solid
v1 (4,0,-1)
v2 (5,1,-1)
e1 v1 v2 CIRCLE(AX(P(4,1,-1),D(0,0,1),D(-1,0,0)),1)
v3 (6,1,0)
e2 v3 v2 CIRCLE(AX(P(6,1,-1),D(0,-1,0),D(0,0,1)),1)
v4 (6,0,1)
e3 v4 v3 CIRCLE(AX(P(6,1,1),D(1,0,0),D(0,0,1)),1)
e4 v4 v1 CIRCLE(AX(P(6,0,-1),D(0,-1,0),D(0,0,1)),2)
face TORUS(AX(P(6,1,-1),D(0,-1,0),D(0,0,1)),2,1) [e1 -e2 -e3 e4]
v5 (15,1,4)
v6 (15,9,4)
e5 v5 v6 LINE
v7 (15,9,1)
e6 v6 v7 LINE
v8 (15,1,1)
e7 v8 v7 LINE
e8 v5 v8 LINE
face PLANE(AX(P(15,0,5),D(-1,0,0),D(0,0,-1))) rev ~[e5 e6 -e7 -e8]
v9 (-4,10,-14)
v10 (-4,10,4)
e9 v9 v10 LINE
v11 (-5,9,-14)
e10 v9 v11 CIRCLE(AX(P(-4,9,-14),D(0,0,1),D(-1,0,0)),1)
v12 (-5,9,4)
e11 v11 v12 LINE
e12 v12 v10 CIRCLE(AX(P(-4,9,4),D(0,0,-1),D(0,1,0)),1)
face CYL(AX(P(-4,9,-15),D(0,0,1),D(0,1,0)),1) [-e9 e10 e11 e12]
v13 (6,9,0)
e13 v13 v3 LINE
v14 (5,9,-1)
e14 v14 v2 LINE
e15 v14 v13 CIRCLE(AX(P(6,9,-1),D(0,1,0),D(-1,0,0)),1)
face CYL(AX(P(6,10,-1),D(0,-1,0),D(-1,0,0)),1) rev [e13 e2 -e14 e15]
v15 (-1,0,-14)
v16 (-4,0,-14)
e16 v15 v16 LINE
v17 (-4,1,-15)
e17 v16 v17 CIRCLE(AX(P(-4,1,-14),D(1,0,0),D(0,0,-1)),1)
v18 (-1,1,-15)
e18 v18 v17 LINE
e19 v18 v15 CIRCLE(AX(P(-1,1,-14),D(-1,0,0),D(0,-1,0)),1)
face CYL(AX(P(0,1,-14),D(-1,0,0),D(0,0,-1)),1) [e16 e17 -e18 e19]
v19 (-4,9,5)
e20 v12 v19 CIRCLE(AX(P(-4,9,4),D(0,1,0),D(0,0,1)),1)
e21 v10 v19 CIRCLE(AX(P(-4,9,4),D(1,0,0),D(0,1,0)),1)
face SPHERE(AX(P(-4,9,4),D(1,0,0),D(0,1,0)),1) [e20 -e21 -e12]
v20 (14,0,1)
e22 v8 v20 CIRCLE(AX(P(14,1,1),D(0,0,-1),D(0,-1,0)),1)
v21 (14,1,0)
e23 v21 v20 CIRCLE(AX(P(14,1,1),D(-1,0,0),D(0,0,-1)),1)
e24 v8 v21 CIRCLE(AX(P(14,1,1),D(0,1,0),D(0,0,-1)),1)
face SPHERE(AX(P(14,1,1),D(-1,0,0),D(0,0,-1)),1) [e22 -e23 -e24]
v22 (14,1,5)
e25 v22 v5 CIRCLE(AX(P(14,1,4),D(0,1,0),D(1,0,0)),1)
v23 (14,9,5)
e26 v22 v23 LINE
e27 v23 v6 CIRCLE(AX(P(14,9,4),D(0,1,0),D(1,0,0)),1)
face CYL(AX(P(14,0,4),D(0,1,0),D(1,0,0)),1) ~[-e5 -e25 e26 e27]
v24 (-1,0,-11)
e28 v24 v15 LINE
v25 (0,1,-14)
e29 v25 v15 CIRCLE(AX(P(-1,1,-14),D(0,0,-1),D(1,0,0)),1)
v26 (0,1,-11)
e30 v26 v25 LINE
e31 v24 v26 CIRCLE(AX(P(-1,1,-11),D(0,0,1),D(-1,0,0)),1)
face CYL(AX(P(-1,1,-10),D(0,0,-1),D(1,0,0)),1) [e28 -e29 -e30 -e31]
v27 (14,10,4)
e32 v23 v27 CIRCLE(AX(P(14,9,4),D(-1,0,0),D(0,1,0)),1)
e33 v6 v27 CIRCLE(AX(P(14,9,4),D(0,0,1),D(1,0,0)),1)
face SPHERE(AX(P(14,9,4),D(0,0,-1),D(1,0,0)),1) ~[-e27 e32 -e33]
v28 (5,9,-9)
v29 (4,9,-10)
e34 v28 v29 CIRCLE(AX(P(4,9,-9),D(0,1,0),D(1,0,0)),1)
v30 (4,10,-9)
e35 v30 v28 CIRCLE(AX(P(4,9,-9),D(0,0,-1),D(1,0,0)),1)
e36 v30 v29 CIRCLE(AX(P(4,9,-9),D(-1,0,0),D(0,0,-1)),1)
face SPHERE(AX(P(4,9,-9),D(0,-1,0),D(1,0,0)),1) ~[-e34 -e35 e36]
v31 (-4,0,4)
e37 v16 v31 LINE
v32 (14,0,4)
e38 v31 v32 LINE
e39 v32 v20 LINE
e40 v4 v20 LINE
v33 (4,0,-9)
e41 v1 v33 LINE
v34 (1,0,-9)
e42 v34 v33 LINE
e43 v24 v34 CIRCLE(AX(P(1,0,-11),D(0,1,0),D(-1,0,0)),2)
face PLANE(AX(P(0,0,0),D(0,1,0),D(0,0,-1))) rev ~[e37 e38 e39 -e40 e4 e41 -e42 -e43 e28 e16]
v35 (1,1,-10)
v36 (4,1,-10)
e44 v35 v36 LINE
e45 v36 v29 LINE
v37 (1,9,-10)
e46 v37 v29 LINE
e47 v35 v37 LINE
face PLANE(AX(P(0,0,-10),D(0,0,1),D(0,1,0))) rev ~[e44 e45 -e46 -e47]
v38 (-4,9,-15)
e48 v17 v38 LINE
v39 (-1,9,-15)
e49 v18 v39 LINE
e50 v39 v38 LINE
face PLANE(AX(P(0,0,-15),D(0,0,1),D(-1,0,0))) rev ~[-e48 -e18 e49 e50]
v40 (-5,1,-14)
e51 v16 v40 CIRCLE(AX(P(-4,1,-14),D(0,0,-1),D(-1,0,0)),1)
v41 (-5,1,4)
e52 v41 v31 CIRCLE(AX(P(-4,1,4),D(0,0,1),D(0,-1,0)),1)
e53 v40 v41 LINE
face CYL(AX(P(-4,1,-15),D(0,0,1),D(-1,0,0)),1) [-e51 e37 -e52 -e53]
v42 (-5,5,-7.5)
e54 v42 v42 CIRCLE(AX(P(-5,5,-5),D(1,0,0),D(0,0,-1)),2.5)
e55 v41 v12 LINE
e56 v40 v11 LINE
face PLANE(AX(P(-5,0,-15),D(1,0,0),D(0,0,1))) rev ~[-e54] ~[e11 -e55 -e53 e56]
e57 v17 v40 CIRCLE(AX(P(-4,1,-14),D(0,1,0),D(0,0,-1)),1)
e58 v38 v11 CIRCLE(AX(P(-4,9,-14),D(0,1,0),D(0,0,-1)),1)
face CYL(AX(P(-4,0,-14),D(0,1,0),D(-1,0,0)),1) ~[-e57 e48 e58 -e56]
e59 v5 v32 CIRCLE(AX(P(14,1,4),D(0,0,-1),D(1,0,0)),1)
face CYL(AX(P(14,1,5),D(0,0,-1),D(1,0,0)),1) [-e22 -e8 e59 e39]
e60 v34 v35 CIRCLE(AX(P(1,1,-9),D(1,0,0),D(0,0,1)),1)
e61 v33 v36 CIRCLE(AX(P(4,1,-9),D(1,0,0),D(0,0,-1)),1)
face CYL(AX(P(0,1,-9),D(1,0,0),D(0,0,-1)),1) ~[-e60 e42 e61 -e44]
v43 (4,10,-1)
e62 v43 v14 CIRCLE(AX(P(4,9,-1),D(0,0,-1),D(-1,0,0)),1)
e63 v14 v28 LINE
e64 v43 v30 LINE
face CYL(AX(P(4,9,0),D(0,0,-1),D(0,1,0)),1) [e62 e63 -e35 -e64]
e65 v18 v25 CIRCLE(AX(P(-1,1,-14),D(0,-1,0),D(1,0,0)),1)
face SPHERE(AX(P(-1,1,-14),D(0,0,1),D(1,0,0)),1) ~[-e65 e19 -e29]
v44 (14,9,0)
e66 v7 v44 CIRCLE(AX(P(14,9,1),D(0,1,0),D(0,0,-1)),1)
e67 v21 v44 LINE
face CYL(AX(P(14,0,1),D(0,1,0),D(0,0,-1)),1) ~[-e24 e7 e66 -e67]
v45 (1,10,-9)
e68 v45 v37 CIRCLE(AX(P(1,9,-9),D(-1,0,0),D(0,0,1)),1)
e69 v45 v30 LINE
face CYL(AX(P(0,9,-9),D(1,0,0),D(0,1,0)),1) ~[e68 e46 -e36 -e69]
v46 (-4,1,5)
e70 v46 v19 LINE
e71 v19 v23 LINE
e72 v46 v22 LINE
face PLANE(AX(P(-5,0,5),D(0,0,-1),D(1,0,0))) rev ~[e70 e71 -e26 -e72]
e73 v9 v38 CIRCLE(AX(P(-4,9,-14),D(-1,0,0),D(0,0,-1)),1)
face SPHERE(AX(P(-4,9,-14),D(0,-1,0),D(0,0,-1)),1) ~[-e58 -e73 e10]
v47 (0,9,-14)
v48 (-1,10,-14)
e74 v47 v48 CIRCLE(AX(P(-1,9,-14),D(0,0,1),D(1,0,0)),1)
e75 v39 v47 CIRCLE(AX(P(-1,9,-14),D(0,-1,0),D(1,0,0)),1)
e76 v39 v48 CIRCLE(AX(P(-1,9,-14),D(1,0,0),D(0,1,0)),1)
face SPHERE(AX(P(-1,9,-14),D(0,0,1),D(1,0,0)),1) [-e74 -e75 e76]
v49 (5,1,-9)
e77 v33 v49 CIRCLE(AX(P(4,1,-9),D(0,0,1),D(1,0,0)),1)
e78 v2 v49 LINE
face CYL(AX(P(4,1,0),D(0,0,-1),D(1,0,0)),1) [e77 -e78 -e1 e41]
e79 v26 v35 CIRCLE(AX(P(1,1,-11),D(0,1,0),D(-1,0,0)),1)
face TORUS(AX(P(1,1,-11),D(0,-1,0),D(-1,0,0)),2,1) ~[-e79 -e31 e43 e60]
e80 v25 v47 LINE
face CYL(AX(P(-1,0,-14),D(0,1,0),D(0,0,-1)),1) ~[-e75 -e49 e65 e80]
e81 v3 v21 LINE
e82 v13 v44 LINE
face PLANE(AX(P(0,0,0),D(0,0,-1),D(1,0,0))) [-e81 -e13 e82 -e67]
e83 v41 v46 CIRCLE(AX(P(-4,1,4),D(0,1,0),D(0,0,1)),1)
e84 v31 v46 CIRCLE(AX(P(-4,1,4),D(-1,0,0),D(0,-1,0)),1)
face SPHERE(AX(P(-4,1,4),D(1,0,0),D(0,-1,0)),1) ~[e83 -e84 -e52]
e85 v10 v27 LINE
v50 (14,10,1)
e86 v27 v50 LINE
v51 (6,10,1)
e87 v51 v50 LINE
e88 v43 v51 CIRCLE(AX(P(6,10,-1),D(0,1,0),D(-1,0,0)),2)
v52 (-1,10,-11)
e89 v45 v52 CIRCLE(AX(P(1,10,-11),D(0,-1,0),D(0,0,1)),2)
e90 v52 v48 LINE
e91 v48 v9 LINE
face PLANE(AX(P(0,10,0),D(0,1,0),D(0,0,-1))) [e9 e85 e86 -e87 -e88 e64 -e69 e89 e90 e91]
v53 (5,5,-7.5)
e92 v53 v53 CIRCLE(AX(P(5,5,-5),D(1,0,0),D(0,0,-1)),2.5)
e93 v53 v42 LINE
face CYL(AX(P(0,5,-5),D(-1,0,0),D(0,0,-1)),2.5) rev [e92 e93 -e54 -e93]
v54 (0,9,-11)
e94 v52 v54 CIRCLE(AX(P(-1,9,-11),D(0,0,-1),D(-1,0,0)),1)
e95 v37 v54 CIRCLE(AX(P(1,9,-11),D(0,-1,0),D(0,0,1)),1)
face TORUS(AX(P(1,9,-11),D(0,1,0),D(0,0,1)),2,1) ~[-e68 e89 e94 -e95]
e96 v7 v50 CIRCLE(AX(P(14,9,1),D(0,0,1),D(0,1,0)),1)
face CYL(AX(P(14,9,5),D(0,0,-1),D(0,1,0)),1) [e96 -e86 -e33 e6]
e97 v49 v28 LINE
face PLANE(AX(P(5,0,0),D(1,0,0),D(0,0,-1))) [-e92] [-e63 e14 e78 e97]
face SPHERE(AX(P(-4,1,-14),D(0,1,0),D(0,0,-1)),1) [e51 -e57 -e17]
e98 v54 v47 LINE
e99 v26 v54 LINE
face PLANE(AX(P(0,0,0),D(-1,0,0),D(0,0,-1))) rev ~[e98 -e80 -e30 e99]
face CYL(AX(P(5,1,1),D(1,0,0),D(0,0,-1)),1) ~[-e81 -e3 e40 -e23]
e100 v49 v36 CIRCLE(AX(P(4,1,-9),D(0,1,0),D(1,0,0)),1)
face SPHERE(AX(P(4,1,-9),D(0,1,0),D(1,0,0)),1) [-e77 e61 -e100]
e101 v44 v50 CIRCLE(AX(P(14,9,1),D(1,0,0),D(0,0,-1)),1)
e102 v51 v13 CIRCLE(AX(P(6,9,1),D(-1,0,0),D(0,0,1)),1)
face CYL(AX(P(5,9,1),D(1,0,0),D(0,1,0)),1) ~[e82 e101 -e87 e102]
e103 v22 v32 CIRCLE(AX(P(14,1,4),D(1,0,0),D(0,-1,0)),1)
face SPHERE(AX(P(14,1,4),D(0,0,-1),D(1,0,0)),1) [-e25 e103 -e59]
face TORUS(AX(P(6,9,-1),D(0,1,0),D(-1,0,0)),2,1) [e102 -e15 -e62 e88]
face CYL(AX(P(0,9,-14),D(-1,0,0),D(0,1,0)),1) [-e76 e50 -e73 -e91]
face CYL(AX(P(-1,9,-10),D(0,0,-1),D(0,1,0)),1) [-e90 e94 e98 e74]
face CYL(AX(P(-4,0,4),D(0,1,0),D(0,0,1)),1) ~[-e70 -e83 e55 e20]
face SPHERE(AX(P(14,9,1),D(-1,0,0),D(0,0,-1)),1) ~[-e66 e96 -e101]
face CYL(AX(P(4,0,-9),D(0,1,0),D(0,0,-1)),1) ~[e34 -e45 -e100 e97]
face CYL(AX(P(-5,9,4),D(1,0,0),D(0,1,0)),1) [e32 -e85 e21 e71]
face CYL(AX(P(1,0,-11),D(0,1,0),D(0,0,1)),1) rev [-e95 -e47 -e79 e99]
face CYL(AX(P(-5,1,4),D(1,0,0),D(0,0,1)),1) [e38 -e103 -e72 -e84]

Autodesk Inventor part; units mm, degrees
ref_plane "YZ Plane" through (0, 0, 0) normal (1, 0, 0) x (0, 1, 0)
ref_plane "XZ Plane" through (0, 0, 0) normal (0, 1, 0) x (-1, 0, 0)
ref_plane "XY Plane" through (0, 0, 0) normal (0, 0, 1) x (1, 0, 0)
sketch "Sketch2" plane through (0, 0, 0) normal (0, 1, 0) x (-1, 0, 0)
  line L0 (0, 0) -> (0, -15)
  line L1 (0, 0) -> (-15, 0)
  line L2 (0, -15) -> (5, -15)
  line L3 (5, -15) -> (5, 5)
  line L4 (5, 5) -> (-15, 5)
  line L5 (-15, 5) -> (-15, 0)
  dimension "d0" = 15
  dimension "d1" = 15
  dimension "d3" = 5
  dimension "d4" = 20
  dimension "d5" = 90
  dimension "d6" = 20
extrude "Extrusion1" add sketch "Sketch2" along normal blind 10
sketch "Sketch3" plane through (0, 0, 0) normal (1, 0, 0) x (0, 0, -1)
  line L0 (15, 0) -> (15, 10) construction
  line L1 (15, 5) -> (-5, 5) construction
  circle A0 centre (5, 5) radius 2.5
  line L2 (0, 0) -> (15, 0) projected
  line L3 (0, 10) -> (15, 10) projected
  line L4 (0, 0) -> (10, 0)
  line L5 (10, 0) -> (10, 10)
  line L6 (10, 10) -> (0, 10)
  line L7 (0, 10) -> (0, 0)
  dimension "d9" = 5
  dimension "d10" = 10
  dimension "d17" = 10
extrude "Extrusion2" cut sketch "Sketch3" against normal blind 5 contours A0
extrude "Extrusion3" add sketch "Sketch3" along normal blind 5
fillet "Fillet2" radius 1 24 edges at (5, 5, -10) (5, 10, -5) (5, 0, -5) (10, 10, 0) (5, 5, 0) (10, 0, 0) (15, 5, 0) (15, 10, 2.5) (15, 0, 2.5) (15, 5, 5) (2.5, 10, -10) (0, 10, -12.5) (0, 5, -10) (0, 0, -12.5) (0, 5, -15) (-5, 5, -15) (-2.5, 10, -15) (-2.5, 0, -15) (5, 10, 5) (-5, 10, -5) (2.5, 0, -10) (5, 0, 5) (-5, 0, -5) (-5, 5, 5)
properties part number "support" material "Plastic, Opaque Black"
